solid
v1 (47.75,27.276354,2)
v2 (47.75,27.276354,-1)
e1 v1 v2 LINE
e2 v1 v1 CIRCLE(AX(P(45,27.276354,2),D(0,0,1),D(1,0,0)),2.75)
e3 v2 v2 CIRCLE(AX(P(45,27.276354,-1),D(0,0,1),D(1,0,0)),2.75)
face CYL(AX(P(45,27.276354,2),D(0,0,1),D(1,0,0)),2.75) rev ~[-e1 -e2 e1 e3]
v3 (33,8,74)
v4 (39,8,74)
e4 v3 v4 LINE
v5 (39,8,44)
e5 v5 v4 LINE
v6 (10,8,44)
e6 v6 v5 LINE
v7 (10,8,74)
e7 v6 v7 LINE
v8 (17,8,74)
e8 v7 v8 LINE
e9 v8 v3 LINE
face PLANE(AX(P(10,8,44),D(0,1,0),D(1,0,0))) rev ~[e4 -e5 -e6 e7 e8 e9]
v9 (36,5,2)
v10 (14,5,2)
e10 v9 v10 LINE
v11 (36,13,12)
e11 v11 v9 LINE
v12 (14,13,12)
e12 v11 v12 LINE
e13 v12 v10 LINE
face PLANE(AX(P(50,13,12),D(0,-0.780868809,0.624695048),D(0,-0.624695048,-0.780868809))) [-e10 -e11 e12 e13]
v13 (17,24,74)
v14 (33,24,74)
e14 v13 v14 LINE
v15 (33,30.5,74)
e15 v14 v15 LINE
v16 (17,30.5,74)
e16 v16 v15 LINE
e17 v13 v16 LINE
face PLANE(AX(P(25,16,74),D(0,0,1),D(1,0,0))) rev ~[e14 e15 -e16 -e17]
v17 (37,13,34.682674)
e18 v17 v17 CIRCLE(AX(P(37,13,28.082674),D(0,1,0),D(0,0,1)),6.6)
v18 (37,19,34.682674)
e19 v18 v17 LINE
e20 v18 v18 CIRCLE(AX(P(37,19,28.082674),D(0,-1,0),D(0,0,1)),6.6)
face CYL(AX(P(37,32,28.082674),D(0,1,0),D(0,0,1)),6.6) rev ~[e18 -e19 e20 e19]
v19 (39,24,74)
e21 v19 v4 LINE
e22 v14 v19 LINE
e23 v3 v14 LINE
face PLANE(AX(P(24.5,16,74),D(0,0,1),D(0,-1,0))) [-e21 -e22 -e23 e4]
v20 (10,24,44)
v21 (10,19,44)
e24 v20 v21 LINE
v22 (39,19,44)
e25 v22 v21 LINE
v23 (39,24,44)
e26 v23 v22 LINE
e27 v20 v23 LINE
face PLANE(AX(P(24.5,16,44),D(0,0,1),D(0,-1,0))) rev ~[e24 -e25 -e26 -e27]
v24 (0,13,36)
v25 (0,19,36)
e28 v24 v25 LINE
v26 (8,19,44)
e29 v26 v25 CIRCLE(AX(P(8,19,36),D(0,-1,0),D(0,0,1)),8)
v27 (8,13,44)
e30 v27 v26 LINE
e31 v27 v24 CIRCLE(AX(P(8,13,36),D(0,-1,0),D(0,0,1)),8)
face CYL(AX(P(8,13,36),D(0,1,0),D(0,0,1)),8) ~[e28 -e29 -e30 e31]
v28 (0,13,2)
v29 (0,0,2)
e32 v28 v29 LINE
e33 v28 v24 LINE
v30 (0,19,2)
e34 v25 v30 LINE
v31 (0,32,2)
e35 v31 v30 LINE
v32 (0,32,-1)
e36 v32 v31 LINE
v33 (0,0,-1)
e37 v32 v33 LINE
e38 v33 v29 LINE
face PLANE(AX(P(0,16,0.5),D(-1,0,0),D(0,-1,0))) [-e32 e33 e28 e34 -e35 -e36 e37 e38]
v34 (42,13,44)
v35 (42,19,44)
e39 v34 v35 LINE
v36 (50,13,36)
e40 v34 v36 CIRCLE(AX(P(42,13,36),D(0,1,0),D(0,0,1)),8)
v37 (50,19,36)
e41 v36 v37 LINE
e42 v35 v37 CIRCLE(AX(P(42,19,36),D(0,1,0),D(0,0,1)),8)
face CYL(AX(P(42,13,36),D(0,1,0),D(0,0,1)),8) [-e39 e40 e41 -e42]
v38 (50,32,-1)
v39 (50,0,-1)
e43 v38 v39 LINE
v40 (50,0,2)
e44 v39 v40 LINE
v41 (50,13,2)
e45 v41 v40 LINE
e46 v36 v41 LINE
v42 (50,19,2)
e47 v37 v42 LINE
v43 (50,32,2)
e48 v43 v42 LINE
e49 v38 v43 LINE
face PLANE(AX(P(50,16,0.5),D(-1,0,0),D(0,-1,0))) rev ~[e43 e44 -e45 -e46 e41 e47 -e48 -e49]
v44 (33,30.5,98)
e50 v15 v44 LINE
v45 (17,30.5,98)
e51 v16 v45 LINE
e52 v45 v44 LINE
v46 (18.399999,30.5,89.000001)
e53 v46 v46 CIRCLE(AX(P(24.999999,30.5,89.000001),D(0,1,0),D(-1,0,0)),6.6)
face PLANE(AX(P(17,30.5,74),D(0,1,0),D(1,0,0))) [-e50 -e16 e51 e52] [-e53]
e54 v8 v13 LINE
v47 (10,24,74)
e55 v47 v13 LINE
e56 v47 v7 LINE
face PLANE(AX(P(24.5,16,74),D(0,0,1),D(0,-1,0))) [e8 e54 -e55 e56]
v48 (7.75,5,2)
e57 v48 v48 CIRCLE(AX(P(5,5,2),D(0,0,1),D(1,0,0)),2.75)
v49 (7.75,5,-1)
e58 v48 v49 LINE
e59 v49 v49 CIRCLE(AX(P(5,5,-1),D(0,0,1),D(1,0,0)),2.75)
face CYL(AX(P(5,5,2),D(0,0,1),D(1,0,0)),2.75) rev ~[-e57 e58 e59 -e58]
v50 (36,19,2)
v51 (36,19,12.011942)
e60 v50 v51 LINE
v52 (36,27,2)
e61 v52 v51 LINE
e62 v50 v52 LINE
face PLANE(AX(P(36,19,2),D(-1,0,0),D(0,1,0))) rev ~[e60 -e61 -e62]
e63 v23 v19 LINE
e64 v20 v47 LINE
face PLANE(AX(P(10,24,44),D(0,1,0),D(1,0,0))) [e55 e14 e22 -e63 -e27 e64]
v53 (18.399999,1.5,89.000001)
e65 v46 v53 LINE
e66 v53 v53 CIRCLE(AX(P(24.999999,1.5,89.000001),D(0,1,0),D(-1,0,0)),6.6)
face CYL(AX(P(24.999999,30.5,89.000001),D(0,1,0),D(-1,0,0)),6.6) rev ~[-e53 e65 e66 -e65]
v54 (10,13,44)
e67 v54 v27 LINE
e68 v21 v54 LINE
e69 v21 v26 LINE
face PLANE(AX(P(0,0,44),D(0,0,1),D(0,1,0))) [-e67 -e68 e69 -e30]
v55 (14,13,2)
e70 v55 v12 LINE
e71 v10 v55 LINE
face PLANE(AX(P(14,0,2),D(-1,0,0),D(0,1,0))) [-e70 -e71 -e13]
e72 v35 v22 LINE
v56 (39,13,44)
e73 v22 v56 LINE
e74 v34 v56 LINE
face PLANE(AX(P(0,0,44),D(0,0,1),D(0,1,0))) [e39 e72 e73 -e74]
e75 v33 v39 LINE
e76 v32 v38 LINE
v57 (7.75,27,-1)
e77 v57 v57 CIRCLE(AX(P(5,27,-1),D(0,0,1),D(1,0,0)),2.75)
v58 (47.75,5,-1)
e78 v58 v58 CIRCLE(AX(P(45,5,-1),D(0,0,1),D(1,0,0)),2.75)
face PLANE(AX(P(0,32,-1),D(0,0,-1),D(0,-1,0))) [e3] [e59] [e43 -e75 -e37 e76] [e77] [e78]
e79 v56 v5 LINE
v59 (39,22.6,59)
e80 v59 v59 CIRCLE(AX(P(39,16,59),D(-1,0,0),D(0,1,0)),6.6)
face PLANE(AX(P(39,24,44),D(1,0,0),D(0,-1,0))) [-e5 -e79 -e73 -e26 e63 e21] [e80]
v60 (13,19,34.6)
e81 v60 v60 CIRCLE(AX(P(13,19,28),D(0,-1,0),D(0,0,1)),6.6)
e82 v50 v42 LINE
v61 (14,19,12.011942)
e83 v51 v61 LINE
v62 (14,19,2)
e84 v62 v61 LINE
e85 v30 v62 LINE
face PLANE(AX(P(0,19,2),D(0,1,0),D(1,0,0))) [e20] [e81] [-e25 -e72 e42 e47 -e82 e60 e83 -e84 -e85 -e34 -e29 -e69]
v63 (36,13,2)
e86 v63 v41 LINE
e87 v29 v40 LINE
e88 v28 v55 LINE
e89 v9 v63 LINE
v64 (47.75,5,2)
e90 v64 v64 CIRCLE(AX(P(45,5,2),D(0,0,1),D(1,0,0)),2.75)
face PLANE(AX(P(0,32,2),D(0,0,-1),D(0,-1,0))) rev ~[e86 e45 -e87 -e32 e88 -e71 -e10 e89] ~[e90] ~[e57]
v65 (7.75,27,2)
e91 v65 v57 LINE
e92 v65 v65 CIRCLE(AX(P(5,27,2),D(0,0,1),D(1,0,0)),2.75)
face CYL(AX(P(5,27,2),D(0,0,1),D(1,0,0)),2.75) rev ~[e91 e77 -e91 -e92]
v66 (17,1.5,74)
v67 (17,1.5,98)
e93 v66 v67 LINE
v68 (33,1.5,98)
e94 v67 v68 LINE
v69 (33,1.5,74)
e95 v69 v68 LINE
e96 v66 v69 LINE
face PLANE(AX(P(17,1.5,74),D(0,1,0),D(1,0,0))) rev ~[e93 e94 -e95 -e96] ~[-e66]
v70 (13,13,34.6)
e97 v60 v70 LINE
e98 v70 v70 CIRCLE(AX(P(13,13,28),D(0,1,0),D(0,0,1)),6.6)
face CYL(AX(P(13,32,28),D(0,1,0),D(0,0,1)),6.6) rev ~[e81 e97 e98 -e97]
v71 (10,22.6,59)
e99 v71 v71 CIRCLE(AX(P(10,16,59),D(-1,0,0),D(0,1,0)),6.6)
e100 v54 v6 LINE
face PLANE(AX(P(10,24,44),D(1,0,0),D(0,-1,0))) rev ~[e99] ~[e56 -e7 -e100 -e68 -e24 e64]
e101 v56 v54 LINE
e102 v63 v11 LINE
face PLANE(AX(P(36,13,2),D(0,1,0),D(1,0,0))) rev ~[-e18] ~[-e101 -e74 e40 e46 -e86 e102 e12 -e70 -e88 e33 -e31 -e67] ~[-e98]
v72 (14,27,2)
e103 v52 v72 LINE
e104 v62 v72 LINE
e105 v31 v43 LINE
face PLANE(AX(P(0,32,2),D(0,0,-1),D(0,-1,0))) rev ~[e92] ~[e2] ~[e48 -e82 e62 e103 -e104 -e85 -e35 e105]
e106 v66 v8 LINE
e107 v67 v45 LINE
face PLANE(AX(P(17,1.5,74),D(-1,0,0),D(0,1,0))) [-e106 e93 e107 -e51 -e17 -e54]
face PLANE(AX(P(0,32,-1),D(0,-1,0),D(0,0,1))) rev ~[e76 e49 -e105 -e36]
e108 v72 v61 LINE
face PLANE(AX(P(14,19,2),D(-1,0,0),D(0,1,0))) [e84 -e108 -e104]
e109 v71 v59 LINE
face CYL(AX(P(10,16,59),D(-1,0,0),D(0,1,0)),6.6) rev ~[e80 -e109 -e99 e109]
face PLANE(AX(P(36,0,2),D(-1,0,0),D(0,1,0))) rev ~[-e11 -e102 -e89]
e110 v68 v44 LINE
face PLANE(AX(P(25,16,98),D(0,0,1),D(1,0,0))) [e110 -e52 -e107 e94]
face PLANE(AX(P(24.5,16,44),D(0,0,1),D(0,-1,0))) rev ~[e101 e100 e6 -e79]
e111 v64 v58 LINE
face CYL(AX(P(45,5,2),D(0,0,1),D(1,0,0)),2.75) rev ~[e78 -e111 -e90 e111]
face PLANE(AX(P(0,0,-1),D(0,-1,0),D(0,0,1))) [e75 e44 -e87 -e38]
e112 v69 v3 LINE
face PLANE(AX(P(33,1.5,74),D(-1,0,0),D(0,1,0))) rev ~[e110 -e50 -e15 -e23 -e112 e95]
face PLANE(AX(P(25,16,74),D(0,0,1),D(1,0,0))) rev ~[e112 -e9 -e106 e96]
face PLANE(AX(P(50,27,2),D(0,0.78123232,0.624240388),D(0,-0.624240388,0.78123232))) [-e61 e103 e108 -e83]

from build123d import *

# Parameters (mm, degrees)
PAD001_DEPTH  = 50
PAD002_DEPTH  = 50
SKETCH005_W   = 14
SKETCH005_H   = 13
PAD004_DEPTH  = 20
SKETCH006_W   = 14
SKETCH006_H   = 13
PAD005_DEPTH  = 20
SKETCH007_W   = 14
SKETCH007_H   = 13
PAD006_DEPTH  = 20
SKETCH008_W   = 14
SKETCH008_H   = 13
PAD007_DEPTH  = 20
SKETCH003_W   = 32
SKETCH003_H   = 3
PAD003_DEPTH  = 50
SKETCH004_R   = 2.75
HOLE_DEPTH    = 3.001
SKETCH009_W   = 16
SKETCH009_H   = 29
PAD008_DEPTH  = 30
SKETCH010_R   = 6.6
HOLE001_DEPTH = 29.001
SKETCH011_W   = 16
SKETCH011_H   = 29
PAD009_DEPTH  = 24
SKETCH012_R   = 6.6
HOLE002_DEPTH = 29.001001
SKETCH_W      = 32
SKETCH_H      = 42
PAD_DEPTH     = 50
SKETCH014_R   = 6.6
HOLE004_DEPTH = 32.001
FILLET_R      = 8
FILLET001_R   = 8


with BuildPart() as body001:
    # Sketch001 (on Face1 of CopyPad) → Pad001 (new body)
    with BuildSketch(Plane.YZ.offset(50)):
        Polygon((19, 44), (32, 44), (32, 2), (27, 2), (19, 12.011942), align=None)
    extrude(amount=-PAD001_DEPTH)


with BuildPart() as body002:
    # Sketch002 (on Face1 of CopyPad001) → Pad002 (new body)
    with BuildSketch(Plane.YZ.offset(50)):
        Polygon((13, 44), (13, 12), (5, 2), (0, 2), (0, 44), align=None)
    extrude(amount=-PAD002_DEPTH)


with BuildPart() as body004:
    # Sketch005 (on Face1 of CopyHole) → Pad004 (new body)
    with BuildSketch(Plane.XY.offset(2)):
        with Locations((7, 6.5)):
            Rectangle(SKETCH005_W, SKETCH005_H)
    extrude(amount=PAD004_DEPTH)


with BuildPart() as body005:
    # Sketch006 (on Face1 of CopyHole001) → Pad005 (new body)
    with BuildSketch(Plane.XY.offset(2)):
        with Locations((7, 25.5)):
            Rectangle(SKETCH006_W, SKETCH006_H)
    extrude(amount=PAD005_DEPTH)


with BuildPart() as body006:
    # Sketch007 (on Face1 of CopyHole002) → Pad006 (new body)
    with BuildSketch(Plane.XY.offset(2)):
        with Locations((43, 6.5)):
            Rectangle(SKETCH007_W, SKETCH007_H)
    extrude(amount=PAD006_DEPTH)


with BuildPart() as body007:
    # Sketch008 (on Face1 of CopyHole003) → Pad007 (new body)
    with BuildSketch(Plane.XY.offset(2)):
        with Locations((43, 25.5)):
            Rectangle(SKETCH008_W, SKETCH008_H)
    extrude(amount=PAD007_DEPTH)


with BuildPart() as body003:
    # Sketch003 (on Face1 of CopyPad002) → Pad003 (new body)
    with BuildSketch(Plane(origin=(0, 0, 0), x_dir=(0, -1, 0), z_dir=(-1, 0, 0))):
        with Locations((-16, 0.5)):
            Rectangle(SKETCH003_W, SKETCH003_H)
    extrude(amount=-PAD003_DEPTH)

    # Sketch004 (on Face1 of Pad003) → Hole (cut, through all)
    with BuildSketch(Plane.XY.offset(2)):
        with Locations((5, 27)):
            Circle(SKETCH004_R)
        with Locations((5, 5)):
            Circle(SKETCH004_R)
        with Locations((45, 5)):
            Circle(SKETCH004_R)
        with Locations((45, 27.276354)):
            Circle(SKETCH004_R)
    extrude(amount=-HOLE_DEPTH, mode=Mode.SUBTRACT)


with BuildPart() as body008:
    # Sketch009 (on Face1 of CopyPad003) → Pad008 (new body)
    with BuildSketch(Plane(origin=(0, 0, 44), x_dir=(0, -1, 0), z_dir=(0, 0, 1))):
        with Locations((-16, 24.5)):
            Rectangle(SKETCH009_W, SKETCH009_H)
    extrude(amount=PAD008_DEPTH)

    # Sketch010 (on Face1 of Pad008) → Hole001 (cut, through all)
    with BuildSketch(Plane(origin=(10, 0, 0), x_dir=(0, 1, 0), z_dir=(-1, 0, 0))):
        with Locations((16, -59)):
            Circle(SKETCH010_R)
    extrude(amount=-HOLE001_DEPTH, mode=Mode.SUBTRACT)


with BuildPart() as body009:
    # Sketch011 (on Face1 of CopyHole001001) → Pad009 (new body)
    with BuildSketch(Plane.XY.offset(74)):
        with Locations((25, 16)):
            Rectangle(SKETCH011_W, SKETCH011_H)
    extrude(amount=PAD009_DEPTH)

    # Sketch012 (on Face1 of Pad009) → Hole002 (cut, through all)
    with BuildSketch(Plane(origin=(-1e-06, 30.5, 30.000001), x_dir=(-1, 0, 0), z_dir=(0, 1, 0))):
        with Locations((-25, 59)):
            Circle(SKETCH012_R)
    extrude(amount=-HOLE002_DEPTH, mode=Mode.SUBTRACT)


with BuildPart() as body:
    # Sketch → Pad (new body)
    with BuildSketch(Plane.YZ):
        with Locations((16, 23)):
            Rectangle(SKETCH_W, SKETCH_H)
    extrude(amount=PAD_DEPTH)

    # Sketch014 (on Face2 of Pad) → Hole004 (cut, through all)
    with BuildSketch(Plane.ZX.offset(32)):
        with Locations((28.082674, 37)):
            Circle(SKETCH014_R)
        with Locations((28, 13)):
            Circle(SKETCH014_R)
    extrude(amount=-HOLE004_DEPTH, mode=Mode.SUBTRACT)

    # Boolean: cut Body001
    add(body001.part, mode=Mode.SUBTRACT)

    # Boolean001: cut Body002
    add(body002.part, mode=Mode.SUBTRACT)

    # Boolean002: cut Body004
    add(body004.part, mode=Mode.SUBTRACT)

    # Boolean003: cut Body005
    add(body005.part, mode=Mode.SUBTRACT)

    # Boolean004: cut Body006
    add(body006.part, mode=Mode.SUBTRACT)

    # Boolean005: cut Body007
    add(body007.part, mode=Mode.SUBTRACT)

    # Boolean006: union Body003
    add(body003.part)

    # Boolean007: union Body008, Body009
    add(body008.part)
    add(body009.part)

    # Fillet
    fillet_edges = [body.edges().sort_by_distance(p)[0] for p in [
        (50, 16, 44),
    ]]
    fillet(fillet_edges, radius=FILLET_R)

    # Fillet001
    fillet001_edges = [body.edges().sort_by_distance(p)[0] for p in [
        (0, 16, 44),
    ]]
    fillet(fillet001_edges, radius=FILLET001_R)


solid = body.part
